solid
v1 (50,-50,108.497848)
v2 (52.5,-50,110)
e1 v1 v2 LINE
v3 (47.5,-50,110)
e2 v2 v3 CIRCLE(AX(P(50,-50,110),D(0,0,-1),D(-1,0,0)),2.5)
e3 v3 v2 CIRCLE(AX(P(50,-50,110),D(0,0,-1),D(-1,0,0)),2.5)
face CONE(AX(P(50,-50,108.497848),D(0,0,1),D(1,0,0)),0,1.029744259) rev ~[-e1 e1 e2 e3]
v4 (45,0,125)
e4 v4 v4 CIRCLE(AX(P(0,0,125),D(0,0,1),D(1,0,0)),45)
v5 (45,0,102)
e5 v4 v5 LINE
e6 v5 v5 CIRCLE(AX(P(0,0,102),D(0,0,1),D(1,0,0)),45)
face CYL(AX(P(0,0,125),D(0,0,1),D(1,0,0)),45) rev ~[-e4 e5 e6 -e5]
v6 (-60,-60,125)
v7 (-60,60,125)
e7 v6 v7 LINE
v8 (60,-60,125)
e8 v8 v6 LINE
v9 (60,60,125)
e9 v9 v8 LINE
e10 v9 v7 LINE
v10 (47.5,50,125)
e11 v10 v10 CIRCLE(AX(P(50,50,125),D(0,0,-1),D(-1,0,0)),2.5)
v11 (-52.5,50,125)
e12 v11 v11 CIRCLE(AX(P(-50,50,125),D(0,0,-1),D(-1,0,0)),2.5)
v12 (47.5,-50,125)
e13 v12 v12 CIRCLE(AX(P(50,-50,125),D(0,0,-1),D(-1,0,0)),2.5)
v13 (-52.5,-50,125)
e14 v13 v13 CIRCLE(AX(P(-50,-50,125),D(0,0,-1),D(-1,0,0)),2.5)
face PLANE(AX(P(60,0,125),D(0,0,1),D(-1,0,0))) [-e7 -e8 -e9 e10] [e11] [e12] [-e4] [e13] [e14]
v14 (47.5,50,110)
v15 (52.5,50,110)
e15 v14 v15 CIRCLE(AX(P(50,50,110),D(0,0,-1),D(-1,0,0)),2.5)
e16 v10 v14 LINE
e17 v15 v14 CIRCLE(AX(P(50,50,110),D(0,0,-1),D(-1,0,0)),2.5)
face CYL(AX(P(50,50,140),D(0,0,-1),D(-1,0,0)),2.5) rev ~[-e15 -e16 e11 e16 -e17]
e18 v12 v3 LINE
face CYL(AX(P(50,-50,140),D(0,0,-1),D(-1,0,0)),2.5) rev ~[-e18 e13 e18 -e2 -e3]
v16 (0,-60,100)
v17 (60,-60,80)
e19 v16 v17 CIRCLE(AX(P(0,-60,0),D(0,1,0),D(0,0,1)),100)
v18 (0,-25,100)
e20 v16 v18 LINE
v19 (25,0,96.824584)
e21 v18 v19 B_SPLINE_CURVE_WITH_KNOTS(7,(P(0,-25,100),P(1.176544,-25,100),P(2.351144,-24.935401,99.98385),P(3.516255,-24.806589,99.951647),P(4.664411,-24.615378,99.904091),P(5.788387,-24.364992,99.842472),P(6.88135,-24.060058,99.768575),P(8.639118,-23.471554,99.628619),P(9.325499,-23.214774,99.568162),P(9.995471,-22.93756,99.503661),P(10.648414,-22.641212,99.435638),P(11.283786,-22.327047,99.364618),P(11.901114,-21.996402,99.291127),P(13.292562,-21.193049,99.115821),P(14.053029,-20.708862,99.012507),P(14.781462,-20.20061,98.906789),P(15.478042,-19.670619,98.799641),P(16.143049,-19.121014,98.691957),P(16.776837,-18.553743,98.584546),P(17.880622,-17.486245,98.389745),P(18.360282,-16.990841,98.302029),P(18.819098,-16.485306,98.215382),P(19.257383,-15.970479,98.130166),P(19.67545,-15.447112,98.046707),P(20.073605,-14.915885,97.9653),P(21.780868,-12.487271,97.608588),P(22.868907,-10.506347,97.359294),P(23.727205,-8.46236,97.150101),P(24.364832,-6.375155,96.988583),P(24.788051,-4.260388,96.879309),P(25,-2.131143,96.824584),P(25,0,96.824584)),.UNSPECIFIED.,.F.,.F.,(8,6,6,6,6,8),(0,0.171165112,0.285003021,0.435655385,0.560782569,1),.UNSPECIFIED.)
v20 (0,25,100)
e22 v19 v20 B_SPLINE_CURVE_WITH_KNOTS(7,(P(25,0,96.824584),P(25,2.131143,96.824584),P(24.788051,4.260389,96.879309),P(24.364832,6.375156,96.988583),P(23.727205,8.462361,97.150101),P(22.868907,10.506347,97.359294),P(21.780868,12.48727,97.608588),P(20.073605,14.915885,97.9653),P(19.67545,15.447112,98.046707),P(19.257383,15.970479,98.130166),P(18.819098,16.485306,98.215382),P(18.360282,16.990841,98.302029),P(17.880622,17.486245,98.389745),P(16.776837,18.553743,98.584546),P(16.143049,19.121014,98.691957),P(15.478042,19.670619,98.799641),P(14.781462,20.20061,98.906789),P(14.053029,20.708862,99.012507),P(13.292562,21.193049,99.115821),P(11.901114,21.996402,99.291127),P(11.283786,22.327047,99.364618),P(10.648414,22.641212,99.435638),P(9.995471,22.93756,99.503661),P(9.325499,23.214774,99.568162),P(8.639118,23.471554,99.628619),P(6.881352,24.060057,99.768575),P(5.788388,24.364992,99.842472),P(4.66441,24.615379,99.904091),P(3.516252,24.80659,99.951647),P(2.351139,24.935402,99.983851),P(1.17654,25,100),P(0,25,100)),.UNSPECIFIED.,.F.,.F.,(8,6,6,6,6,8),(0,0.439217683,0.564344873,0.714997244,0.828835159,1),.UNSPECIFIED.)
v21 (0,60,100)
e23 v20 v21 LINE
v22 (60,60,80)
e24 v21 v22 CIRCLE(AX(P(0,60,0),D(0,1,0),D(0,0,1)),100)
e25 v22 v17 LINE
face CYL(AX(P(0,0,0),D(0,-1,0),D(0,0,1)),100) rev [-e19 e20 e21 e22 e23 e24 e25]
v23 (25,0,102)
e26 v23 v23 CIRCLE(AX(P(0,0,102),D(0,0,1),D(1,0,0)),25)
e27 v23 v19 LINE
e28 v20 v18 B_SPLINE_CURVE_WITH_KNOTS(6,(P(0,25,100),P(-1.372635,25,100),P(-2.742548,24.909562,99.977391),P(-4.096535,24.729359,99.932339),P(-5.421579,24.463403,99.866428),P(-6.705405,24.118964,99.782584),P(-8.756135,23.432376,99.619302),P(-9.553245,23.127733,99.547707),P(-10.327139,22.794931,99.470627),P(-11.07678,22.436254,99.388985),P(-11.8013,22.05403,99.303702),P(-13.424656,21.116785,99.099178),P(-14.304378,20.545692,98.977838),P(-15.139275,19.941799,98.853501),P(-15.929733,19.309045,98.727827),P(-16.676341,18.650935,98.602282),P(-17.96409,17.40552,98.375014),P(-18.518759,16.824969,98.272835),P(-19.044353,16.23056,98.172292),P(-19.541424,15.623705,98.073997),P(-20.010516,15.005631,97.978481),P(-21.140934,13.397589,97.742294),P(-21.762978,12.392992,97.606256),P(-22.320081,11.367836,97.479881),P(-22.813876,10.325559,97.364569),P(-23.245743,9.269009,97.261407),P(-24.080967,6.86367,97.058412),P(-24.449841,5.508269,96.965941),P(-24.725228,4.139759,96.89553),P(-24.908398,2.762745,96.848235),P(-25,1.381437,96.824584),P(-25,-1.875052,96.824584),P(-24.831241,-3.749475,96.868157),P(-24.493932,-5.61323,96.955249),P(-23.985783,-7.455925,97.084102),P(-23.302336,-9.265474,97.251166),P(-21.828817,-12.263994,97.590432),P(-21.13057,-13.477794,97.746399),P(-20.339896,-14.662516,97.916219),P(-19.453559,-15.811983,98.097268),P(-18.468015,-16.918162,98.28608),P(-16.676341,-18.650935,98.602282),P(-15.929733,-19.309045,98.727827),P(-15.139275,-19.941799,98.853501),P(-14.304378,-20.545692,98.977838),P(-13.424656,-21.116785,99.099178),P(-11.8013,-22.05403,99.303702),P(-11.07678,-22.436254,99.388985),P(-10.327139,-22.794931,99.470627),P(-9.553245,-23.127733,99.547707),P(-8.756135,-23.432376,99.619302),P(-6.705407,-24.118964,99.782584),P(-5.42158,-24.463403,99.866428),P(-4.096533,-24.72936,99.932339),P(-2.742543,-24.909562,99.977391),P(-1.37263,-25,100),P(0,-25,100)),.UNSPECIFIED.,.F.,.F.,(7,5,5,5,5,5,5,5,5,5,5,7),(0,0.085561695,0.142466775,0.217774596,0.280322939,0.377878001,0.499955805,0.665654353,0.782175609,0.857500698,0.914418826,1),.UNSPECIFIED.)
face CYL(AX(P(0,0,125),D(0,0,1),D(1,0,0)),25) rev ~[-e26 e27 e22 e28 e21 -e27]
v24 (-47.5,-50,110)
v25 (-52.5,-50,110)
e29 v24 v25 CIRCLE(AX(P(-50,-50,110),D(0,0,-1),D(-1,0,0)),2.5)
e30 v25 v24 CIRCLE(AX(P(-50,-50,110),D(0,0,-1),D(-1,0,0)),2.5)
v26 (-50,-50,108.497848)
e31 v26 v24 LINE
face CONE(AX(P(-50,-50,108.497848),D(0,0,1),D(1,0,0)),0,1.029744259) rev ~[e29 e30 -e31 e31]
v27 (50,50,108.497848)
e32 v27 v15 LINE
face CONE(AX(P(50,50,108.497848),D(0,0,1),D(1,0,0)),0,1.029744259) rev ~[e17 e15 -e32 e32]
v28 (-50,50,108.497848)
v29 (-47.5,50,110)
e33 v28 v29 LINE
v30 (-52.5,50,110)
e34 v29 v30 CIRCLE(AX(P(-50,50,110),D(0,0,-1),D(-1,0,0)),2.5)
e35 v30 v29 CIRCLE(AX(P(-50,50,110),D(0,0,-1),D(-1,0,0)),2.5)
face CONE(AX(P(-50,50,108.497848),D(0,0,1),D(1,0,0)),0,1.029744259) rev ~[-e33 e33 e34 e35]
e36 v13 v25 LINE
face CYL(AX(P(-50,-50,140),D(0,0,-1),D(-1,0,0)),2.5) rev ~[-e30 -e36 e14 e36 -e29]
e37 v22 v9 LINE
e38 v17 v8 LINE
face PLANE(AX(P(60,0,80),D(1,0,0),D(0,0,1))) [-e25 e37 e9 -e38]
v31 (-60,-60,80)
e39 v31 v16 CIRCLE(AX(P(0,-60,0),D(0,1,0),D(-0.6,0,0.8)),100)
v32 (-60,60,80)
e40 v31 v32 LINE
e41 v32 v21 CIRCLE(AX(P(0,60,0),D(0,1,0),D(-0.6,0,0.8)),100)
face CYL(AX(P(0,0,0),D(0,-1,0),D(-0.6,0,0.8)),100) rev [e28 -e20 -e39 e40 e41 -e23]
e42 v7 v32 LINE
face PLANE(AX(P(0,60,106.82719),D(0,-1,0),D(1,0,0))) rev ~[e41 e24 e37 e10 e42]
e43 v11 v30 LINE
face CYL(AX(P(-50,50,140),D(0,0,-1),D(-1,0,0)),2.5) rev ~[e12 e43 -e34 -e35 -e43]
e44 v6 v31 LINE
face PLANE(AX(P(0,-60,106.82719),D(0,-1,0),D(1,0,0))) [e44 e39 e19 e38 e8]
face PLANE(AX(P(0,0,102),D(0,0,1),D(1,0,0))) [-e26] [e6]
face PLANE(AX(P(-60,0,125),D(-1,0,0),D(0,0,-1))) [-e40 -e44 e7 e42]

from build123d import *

# Parameters (mm, degrees)
F1_DEPTH = 60
F2_R     = 25
F3_DEPTH = 50
F4_R     = 45
F5_DEPTH = 23
F7_D     = 5
F7_DEPTH = 15
F7_TIP   = 1.5021515476


with BuildPart() as f1:
    # F0 (on Front) → F1 (new body, symmetric)
    with BuildSketch(Plane.XZ):
        with BuildLine():
            ThreePointArc((0, 100), (31.6227766017, 94.8683298051), (60, 80))
            Line((60, 80), (60, 125))
            Line((60, 125), (-60, 125))
            Line((-60, 125), (-60, 80))
            ThreePointArc((-60, 80), (-31.6227766017, 94.8683298051), (0, 100))
        make_face()
    extrude(amount=F1_DEPTH, both=True)

    # F2 (on face) → F3 (cut)
    with BuildSketch(Plane.XY.offset(125)):
        Circle(F2_R)
    extrude(amount=-F3_DEPTH, mode=Mode.SUBTRACT)

    # F4 (on face) → F5 (cut)
    with BuildSketch(Plane.XY.offset(125)):
        Circle(F4_R)
    extrude(amount=-F5_DEPTH, mode=Mode.SUBTRACT)

    # F7
    with Locations(Plane.XY.offset(125)):
        with Locations((-50, 50), (50, 50), (50, -50), (-50, -50)):
            Hole(F7_D / 2, depth=F7_DEPTH)
            with Locations((0, 0, -(F7_DEPTH + F7_TIP / 2))):  # 118° drill point
                Cone(0, F7_D / 2, F7_TIP, mode=Mode.SUBTRACT)


solid = f1.part
